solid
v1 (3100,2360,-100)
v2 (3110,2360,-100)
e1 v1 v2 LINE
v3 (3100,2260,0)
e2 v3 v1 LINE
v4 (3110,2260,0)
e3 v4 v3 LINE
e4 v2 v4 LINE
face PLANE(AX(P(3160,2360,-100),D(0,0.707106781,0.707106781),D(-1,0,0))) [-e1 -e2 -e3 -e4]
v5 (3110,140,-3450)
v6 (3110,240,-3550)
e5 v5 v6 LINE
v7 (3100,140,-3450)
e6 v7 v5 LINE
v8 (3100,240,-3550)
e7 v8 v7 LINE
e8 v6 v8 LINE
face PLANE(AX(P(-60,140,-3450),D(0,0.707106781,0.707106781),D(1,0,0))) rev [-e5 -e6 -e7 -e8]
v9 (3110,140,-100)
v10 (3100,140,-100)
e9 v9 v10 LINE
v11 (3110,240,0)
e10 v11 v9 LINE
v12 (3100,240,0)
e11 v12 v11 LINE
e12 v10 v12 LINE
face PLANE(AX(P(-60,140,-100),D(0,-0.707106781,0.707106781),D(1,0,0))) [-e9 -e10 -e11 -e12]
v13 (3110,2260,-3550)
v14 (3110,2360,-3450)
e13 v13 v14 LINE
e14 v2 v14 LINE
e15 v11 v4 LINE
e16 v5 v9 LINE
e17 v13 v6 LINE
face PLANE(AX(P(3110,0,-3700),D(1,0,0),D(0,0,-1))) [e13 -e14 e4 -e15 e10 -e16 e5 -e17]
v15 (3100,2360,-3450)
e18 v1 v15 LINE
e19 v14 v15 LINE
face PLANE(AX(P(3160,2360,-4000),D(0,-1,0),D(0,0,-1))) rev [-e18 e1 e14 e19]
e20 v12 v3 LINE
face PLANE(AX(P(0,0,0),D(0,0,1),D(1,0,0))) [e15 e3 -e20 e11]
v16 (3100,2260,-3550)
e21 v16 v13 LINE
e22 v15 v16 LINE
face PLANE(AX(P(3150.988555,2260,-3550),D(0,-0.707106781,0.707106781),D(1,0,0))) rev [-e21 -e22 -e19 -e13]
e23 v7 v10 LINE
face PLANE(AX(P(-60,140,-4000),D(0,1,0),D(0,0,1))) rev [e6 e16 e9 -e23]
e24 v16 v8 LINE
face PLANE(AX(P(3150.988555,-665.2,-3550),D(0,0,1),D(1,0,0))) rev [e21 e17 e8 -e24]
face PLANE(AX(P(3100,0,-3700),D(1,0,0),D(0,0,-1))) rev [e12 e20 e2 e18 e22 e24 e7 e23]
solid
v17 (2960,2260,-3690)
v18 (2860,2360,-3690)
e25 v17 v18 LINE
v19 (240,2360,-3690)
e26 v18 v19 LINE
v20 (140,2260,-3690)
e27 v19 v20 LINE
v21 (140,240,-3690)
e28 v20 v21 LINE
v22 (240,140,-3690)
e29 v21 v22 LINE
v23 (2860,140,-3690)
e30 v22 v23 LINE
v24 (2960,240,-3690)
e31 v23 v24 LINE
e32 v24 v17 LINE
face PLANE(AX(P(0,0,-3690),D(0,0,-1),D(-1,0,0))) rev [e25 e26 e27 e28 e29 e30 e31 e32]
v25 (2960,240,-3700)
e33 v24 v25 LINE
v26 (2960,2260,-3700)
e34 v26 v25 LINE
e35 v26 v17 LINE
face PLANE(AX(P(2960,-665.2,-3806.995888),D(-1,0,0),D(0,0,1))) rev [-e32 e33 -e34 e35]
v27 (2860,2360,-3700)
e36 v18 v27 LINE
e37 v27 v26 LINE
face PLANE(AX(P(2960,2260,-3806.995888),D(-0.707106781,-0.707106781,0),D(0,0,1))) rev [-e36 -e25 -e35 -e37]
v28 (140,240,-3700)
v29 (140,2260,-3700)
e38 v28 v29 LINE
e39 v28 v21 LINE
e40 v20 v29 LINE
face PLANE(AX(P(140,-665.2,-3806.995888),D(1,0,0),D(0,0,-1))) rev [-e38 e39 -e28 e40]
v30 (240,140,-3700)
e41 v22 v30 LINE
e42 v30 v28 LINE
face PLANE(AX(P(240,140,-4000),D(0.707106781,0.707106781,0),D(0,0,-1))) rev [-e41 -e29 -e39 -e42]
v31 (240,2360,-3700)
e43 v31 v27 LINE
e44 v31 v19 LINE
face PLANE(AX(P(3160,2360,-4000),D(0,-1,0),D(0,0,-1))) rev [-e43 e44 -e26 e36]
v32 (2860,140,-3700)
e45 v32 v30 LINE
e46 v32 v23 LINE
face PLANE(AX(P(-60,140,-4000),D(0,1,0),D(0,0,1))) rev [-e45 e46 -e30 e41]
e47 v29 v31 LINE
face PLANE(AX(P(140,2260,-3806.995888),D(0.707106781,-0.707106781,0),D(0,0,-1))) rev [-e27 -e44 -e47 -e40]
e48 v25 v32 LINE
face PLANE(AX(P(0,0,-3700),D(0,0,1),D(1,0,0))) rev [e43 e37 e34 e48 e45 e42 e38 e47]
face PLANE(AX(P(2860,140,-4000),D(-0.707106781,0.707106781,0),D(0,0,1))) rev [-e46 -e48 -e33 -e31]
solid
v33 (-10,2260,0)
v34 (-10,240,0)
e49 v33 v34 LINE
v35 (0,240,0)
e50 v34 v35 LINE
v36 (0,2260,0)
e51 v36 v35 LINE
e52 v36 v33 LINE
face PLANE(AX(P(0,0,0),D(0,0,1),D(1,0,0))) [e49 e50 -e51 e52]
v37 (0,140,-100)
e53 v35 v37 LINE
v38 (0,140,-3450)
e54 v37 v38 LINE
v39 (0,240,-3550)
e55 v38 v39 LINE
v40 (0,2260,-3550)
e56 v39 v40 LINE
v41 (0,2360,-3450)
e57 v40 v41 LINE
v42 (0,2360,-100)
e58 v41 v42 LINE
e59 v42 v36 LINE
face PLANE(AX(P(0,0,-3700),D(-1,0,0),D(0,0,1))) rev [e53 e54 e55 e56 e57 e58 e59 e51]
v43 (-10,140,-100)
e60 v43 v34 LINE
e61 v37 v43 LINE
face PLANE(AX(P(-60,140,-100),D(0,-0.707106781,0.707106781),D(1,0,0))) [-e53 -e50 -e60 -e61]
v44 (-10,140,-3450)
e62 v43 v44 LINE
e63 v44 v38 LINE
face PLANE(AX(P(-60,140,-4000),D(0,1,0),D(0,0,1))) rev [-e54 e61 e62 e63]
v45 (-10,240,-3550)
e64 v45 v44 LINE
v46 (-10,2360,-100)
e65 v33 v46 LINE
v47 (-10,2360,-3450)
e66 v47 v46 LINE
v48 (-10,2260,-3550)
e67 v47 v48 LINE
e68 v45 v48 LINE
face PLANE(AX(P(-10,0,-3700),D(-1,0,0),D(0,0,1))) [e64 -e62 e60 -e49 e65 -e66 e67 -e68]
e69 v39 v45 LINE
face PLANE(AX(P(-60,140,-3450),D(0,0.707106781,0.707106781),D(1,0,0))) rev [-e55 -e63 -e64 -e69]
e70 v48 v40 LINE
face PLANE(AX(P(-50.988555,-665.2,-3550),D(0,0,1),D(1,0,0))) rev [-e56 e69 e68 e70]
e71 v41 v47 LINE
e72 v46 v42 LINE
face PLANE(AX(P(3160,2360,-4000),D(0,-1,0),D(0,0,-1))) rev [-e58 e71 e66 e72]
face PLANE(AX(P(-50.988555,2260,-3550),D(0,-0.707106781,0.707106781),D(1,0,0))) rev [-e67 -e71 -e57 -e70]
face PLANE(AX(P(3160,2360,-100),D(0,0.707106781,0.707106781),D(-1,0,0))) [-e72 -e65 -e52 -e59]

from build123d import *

# Parameters (mm, degrees)
ESQUISSE1_W             = 3120
ESQUISSE1_H             = 2520
ESQUISSE1_W_2           = 3100
ESQUISSE1_H_2           = 2500
EXTRU_MINCE1_DEPTH      = 3700
ESQUISSE3_W             = 3100
ESQUISSE3_H             = 2500
BOSS_EXTRU_1_DEPTH      = 10
ENL_V_MAT_EXTRU_1_DEPTH = 4000
ESQUISSE4_W             = 190.988555417
ESQUISSE4_H             = 256.995888021
ENL_V_MAT_EXTRU_2_DEPTH = 3025.2
CHANFREIN1_SIZE         = 100
CHANFREIN2_SIZE         = 100
CHANFREIN3_SIZE         = 100


with BuildPart() as part:
    # Esquisse1 → Extru.-Mince1 (new body)
    with BuildSketch(Plane.XY):
        with Locations((1550, 1250)):
            Rectangle(ESQUISSE1_W, ESQUISSE1_H)
        with Locations((1550, 1250)):
            Rectangle(ESQUISSE1_W_2, ESQUISSE1_H_2, mode=Mode.SUBTRACT)
    extrude(amount=-EXTRU_MINCE1_DEPTH)

    # Esquisse3 → Boss.-Extru.1 (add)
    with BuildSketch(Plane(origin=(0, 0, -3700), x_dir=(-1, 0, 0), z_dir=(0, 0, -1))):
        with Locations((-1550, 1250)):
            Rectangle(ESQUISSE3_W, ESQUISSE3_H)
    extrude(amount=-BOSS_EXTRU_1_DEPTH)

    # Esquisse2 → Enlèv. mat.-Extru.1 (cut)
    with BuildSketch(Plane.XY):
        Polygon((-60, 2560), (140, 2560), (140, 2500), (2960, 2500), (2960, 2560), (3160, 2560), (3160, 2360), (2960, 2360), (140, 2360), (-60, 2360), align=None)
        Polygon((2960, 140), (140, 140), (-60, 140), (-60, -60), (140, -60), (140, 0), (2960, 0), (2960, -60), (3160, -60), (3160, 140), align=None)
    extrude(amount=-ENL_V_MAT_EXTRU_1_DEPTH, mode=Mode.SUBTRACT)


with BuildPart() as enl_v_mat_extru_1_kept_piece:
    # of the separate pieces the step leaves, the one the design keeps (enl_v_mat_extru_1_pieces_kept)
    add(part.part.solids().sort_by_distance((3110, 140, 0))[0])

    # Esquisse4 → Enlèv. mat.-Extru.2 (cut)
    with BuildSketch(Plane(origin=(0, 2360, 0), x_dir=(1, 0, 0), z_dir=(0, 1, 0))):
        with Locations((44.505722291, 3678.49794401)):
            Rectangle(ESQUISSE4_W, ESQUISSE4_H)
        with Locations((3055.494277708, 3678.49794401)):
            Rectangle(ESQUISSE4_W, ESQUISSE4_H)
    extrude(amount=-ENL_V_MAT_EXTRU_2_DEPTH, mode=Mode.SUBTRACT)


with BuildPart() as enl_v_mat_extru_2_piece_1:
    # of the separate pieces the step leaves, piece 1, a body of its own (enl_v_mat_extru_2_pieces)
    add(enl_v_mat_extru_1_kept_piece.part.solids().sort_by_distance((3110, 140, 0))[0])

    # Chanfrein3
    chanfrein3_edges = [enl_v_mat_extru_2_piece_1.edges().sort_by_distance(p)[0] for p in [
        (3105, 2360, 0),
        (3105, 140, -3550),
        (3105, 140, 0),
        (3105, 2360, -3550),
    ]]
    chamfer(chanfrein3_edges, length=CHANFREIN3_SIZE)


with BuildPart() as enl_v_mat_extru_2_piece_2:
    # of the separate pieces the step leaves, piece 2, a body of its own (enl_v_mat_extru_2_pieces)
    add(enl_v_mat_extru_1_kept_piece.part.solids().sort_by_distance((0, 140, 0))[0])

    # Chanfrein1
    chanfrein1_edges = [enl_v_mat_extru_2_piece_2.edges().sort_by_distance(p)[0] for p in [
        (-5, 140, -3550),
        (-5, 2360, 0),
        (-5, 2360, -3550),
        (-5, 140, 0),
    ]]
    chamfer(chanfrein1_edges, length=CHANFREIN1_SIZE)


with BuildPart() as enl_v_mat_extru_2_piece_3:
    # of the separate pieces the step leaves, piece 3, a body of its own (enl_v_mat_extru_2_pieces)
    add(enl_v_mat_extru_1_kept_piece.part.solids().sort_by_distance((2960, 140, -3690))[0])

    # Chanfrein2
    chanfrein2_edges = [enl_v_mat_extru_2_piece_3.edges().sort_by_distance(p)[0] for p in [
        (140, 140, -3695),
        (2960, 140, -3695),
        (2960, 2360, -3695),
        (140, 2360, -3695),
    ]]
    chamfer(chanfrein2_edges, length=CHANFREIN2_SIZE)


solid = Compound([enl_v_mat_extru_2_piece_1.part, enl_v_mat_extru_2_piece_2.part, enl_v_mat_extru_2_piece_3.part])
